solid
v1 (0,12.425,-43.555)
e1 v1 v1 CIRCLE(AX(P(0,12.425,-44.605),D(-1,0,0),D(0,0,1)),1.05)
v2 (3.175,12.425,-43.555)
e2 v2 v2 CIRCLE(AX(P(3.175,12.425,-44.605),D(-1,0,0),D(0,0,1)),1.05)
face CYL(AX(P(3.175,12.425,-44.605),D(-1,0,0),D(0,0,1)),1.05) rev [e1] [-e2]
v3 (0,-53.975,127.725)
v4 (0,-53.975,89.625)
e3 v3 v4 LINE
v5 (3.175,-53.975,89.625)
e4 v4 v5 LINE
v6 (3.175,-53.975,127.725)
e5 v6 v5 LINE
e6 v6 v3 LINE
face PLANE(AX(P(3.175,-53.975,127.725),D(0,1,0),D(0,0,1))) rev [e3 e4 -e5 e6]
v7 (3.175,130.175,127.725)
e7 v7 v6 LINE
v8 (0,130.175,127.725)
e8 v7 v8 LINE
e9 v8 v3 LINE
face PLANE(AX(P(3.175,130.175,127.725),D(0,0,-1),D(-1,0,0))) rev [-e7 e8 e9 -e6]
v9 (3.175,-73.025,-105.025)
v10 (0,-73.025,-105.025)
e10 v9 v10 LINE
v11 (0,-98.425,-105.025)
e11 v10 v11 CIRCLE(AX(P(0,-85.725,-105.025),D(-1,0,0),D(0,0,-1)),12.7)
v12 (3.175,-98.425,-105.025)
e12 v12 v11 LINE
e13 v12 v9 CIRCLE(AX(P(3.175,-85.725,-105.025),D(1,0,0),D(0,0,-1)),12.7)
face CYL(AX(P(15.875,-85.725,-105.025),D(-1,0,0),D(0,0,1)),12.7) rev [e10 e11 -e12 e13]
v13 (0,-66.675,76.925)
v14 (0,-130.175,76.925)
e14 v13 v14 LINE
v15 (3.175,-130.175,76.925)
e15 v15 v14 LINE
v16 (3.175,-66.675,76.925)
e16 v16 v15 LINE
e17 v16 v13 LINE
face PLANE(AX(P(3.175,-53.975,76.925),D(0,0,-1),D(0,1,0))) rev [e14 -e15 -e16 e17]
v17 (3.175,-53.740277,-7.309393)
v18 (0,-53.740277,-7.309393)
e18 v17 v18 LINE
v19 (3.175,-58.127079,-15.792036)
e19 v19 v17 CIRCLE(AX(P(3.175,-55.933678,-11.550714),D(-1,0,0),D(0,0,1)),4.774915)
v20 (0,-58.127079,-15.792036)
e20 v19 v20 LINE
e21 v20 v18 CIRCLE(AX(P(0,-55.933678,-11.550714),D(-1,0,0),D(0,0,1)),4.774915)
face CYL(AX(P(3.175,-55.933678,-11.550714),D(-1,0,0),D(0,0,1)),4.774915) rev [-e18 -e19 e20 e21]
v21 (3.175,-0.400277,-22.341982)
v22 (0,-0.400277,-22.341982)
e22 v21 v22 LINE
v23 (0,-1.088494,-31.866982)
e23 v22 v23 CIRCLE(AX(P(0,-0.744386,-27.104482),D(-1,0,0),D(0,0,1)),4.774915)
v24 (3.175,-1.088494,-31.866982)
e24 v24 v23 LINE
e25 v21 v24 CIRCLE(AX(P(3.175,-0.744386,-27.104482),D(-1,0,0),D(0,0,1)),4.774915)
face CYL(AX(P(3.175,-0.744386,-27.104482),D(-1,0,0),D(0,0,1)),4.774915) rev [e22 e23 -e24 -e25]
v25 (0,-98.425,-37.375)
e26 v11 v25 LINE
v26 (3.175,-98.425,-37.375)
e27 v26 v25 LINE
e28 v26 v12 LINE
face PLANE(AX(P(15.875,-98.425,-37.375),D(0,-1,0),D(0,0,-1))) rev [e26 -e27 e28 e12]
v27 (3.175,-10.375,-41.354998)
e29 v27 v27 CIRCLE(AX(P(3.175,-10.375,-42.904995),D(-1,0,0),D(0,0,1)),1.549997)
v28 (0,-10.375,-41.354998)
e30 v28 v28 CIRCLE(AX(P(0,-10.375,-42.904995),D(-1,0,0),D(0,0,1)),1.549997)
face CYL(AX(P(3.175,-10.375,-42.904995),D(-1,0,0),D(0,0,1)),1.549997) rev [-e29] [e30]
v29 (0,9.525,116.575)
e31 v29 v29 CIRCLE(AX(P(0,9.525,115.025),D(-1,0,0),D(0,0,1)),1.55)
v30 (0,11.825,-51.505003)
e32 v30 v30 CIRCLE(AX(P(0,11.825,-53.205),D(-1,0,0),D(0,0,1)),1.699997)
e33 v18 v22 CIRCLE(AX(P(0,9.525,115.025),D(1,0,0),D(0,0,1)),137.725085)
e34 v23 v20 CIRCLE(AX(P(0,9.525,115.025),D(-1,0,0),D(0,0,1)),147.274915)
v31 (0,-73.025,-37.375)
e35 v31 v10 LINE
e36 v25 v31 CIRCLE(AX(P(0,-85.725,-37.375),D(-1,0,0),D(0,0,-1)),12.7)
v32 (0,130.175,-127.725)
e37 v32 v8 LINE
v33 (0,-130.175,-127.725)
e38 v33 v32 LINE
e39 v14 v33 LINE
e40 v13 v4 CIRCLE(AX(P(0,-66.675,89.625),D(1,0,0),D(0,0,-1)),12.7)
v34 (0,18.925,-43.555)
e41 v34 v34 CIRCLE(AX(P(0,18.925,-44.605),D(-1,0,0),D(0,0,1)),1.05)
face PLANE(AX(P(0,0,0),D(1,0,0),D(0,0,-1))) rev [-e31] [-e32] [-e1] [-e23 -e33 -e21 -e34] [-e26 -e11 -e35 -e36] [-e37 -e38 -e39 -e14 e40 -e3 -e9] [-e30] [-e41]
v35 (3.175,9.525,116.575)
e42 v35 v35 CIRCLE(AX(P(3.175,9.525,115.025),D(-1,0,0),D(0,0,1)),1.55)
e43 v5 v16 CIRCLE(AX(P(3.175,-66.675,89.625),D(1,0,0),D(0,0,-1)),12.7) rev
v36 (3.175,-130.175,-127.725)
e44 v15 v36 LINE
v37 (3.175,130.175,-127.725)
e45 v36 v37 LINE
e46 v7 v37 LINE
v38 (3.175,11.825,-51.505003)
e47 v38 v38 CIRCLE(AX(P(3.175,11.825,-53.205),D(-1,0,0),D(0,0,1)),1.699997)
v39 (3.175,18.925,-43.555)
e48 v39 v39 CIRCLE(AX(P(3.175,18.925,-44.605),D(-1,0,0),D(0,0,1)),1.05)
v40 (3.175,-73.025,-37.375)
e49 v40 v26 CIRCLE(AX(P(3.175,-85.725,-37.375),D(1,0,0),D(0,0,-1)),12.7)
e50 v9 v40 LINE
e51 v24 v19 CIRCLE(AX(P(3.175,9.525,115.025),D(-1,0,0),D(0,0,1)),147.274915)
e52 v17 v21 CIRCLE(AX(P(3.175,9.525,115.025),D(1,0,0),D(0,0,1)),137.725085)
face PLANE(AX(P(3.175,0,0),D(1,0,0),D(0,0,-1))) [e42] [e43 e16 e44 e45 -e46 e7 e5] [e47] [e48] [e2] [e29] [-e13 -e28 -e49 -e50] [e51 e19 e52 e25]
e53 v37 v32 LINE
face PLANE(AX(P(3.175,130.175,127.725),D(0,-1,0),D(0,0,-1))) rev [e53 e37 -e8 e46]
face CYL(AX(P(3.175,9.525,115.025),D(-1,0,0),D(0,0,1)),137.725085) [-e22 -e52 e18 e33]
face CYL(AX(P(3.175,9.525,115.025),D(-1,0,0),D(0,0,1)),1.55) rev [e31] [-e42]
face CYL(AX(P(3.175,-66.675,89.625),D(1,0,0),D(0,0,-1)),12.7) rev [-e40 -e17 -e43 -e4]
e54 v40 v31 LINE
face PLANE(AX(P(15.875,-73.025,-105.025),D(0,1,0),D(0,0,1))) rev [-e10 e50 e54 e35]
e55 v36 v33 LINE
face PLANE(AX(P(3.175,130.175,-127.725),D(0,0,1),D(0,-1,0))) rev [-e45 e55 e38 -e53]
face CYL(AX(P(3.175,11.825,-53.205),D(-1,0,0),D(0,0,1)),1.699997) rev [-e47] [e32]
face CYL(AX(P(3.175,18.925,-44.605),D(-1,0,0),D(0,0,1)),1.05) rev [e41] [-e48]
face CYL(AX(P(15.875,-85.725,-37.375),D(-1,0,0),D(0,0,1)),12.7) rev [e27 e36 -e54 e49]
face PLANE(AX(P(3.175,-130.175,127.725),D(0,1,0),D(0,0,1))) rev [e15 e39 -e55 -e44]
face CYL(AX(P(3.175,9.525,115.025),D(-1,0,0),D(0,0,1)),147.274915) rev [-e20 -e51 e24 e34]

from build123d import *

# Parameters (mm, degrees)
SKETCH1_W           = 255.45
SKETCH1_H           = 260.35
BOSS_EXTRUDE1_DEPTH = 3.175
SKETCH2_W           = 255.45
SKETCH2_H           = 6.35
BOSS_EXTRUDE2_DEPTH = 12.7
CUT_EXTRUDE1_DEPTH  = 16.875
SKETCH5_W           = 54.590141408
SKETCH5_H           = 33.859166417
CUT_EXTRUDE2_DEPTH  = 256.45
SKETCH8_R           = 1.55
SKETCH8_R_2         = 1.6999966
SKETCH8_R_3         = 1.5499969
SKETCH8_R_4         = 1.05
CUT_EXTRUDE7_DEPTH  = 4.175
SKETCH9_W           = 50.8
SKETCH9_H           = 76.2
CUT_EXTRUDE8_DEPTH  = 4.175
FILLET1_R           = 12.7
CUT_EXTRUDE9_DEPTH  = 4.175


with BuildPart() as part:
    # Sketch1 → Boss-Extrude1 (new body)
    with BuildSketch(Plane(origin=(0, 0, 0), x_dir=(0, 0, -1), z_dir=(1, 0, 0))):
        Rectangle(SKETCH1_W, SKETCH1_H)
    extrude(amount=BOSS_EXTRUDE1_DEPTH)

    # Sketch2 → Boss-Extrude2 (add)
    with BuildSketch(Plane(origin=(3.175, 0, 0), x_dir=(0, 0, -1), z_dir=(1, 0, 0))):
        with Locations((0, 127)):
            Rectangle(SKETCH2_W, SKETCH2_H)
    extrude(amount=BOSS_EXTRUDE2_DEPTH)

    # Sketch3 → Cut-Extrude1 (cut, through all)
    with BuildSketch(Plane.ZY):
        with BuildLine():
            Line((-105.025, -73.025), (-37.375, -73.025))
            ThreePointArc((-37.375, -73.025), (-24.675, -85.725), (-37.375, -98.425))
            Line((-37.375, -98.425), (-105.025, -98.425))
            ThreePointArc((-105.025, -98.425), (-117.725, -85.725), (-105.025, -73.025))
        make_face()
    extrude(amount=-CUT_EXTRUDE1_DEPTH, mode=Mode.SUBTRACT)

    # Sketch5 → Cut-Extrude2 (cut, through all)
    with BuildSketch(Plane(origin=(0, 0, -127.725), x_dir=(-1, 0, 0), z_dir=(0, 0, -1))):
        with Locations((-30.470070704, 140.754583209)):
            Rectangle(SKETCH5_W, SKETCH5_H)
    extrude(amount=-CUT_EXTRUDE2_DEPTH, mode=Mode.SUBTRACT)

    # Sketch8 → Cut-Extrude7 (cut, through all)
    with BuildSketch(Plane.ZY):
        with Locations((115.025, 9.525)):
            Circle(SKETCH8_R)
        with Locations((-53.205, 11.825)):
            Circle(SKETCH8_R_2)
        with Locations((-42.9049952, -10.375)):
            Circle(SKETCH8_R_3)
        with Locations((-44.605, 18.925)):
            Circle(SKETCH8_R_4)
        with Locations((-44.605, 12.425)):
            Circle(SKETCH8_R_4)
    extrude(amount=-CUT_EXTRUDE7_DEPTH, mode=Mode.SUBTRACT)

    # Sketch9 → Cut-Extrude8 (cut, through all)
    with BuildSketch(Plane.ZY):
        with Locations((102.325, -92.075)):
            Rectangle(SKETCH9_W, SKETCH9_H)
    extrude(amount=-CUT_EXTRUDE8_DEPTH, mode=Mode.SUBTRACT)

    # Fillet1
    fillet1_edges = [part.edges().sort_by_distance(p)[0] for p in [
        (1.5875, -53.975, 76.925),
    ]]
    fillet(fillet1_edges, radius=FILLET1_R)

    # Sketch10 → Cut-Extrude9 (cut, through all)
    with BuildSketch(Plane.ZY):
        with BuildLine():
            ThreePointArc((-15.792035743, -58.127079483), (-9.357313119, -60.175), (-7.309392602, -53.740277376))
            ThreePointArc((-7.309392602, -53.740277376), (-17.536268555, -27.834189149), (-22.341982218, -0.400277376))
            ThreePointArc((-22.341982218, -0.400277376), (-27.448590626, 4.018114216), (-31.866982218, -1.088494191))
            ThreePointArc((-31.866982218, -1.088494191), (-26.728041298, -30.424668105), (-15.792035743, -58.127079483))
        make_face()
    extrude(amount=-CUT_EXTRUDE9_DEPTH, mode=Mode.SUBTRACT)


solid = part.part
